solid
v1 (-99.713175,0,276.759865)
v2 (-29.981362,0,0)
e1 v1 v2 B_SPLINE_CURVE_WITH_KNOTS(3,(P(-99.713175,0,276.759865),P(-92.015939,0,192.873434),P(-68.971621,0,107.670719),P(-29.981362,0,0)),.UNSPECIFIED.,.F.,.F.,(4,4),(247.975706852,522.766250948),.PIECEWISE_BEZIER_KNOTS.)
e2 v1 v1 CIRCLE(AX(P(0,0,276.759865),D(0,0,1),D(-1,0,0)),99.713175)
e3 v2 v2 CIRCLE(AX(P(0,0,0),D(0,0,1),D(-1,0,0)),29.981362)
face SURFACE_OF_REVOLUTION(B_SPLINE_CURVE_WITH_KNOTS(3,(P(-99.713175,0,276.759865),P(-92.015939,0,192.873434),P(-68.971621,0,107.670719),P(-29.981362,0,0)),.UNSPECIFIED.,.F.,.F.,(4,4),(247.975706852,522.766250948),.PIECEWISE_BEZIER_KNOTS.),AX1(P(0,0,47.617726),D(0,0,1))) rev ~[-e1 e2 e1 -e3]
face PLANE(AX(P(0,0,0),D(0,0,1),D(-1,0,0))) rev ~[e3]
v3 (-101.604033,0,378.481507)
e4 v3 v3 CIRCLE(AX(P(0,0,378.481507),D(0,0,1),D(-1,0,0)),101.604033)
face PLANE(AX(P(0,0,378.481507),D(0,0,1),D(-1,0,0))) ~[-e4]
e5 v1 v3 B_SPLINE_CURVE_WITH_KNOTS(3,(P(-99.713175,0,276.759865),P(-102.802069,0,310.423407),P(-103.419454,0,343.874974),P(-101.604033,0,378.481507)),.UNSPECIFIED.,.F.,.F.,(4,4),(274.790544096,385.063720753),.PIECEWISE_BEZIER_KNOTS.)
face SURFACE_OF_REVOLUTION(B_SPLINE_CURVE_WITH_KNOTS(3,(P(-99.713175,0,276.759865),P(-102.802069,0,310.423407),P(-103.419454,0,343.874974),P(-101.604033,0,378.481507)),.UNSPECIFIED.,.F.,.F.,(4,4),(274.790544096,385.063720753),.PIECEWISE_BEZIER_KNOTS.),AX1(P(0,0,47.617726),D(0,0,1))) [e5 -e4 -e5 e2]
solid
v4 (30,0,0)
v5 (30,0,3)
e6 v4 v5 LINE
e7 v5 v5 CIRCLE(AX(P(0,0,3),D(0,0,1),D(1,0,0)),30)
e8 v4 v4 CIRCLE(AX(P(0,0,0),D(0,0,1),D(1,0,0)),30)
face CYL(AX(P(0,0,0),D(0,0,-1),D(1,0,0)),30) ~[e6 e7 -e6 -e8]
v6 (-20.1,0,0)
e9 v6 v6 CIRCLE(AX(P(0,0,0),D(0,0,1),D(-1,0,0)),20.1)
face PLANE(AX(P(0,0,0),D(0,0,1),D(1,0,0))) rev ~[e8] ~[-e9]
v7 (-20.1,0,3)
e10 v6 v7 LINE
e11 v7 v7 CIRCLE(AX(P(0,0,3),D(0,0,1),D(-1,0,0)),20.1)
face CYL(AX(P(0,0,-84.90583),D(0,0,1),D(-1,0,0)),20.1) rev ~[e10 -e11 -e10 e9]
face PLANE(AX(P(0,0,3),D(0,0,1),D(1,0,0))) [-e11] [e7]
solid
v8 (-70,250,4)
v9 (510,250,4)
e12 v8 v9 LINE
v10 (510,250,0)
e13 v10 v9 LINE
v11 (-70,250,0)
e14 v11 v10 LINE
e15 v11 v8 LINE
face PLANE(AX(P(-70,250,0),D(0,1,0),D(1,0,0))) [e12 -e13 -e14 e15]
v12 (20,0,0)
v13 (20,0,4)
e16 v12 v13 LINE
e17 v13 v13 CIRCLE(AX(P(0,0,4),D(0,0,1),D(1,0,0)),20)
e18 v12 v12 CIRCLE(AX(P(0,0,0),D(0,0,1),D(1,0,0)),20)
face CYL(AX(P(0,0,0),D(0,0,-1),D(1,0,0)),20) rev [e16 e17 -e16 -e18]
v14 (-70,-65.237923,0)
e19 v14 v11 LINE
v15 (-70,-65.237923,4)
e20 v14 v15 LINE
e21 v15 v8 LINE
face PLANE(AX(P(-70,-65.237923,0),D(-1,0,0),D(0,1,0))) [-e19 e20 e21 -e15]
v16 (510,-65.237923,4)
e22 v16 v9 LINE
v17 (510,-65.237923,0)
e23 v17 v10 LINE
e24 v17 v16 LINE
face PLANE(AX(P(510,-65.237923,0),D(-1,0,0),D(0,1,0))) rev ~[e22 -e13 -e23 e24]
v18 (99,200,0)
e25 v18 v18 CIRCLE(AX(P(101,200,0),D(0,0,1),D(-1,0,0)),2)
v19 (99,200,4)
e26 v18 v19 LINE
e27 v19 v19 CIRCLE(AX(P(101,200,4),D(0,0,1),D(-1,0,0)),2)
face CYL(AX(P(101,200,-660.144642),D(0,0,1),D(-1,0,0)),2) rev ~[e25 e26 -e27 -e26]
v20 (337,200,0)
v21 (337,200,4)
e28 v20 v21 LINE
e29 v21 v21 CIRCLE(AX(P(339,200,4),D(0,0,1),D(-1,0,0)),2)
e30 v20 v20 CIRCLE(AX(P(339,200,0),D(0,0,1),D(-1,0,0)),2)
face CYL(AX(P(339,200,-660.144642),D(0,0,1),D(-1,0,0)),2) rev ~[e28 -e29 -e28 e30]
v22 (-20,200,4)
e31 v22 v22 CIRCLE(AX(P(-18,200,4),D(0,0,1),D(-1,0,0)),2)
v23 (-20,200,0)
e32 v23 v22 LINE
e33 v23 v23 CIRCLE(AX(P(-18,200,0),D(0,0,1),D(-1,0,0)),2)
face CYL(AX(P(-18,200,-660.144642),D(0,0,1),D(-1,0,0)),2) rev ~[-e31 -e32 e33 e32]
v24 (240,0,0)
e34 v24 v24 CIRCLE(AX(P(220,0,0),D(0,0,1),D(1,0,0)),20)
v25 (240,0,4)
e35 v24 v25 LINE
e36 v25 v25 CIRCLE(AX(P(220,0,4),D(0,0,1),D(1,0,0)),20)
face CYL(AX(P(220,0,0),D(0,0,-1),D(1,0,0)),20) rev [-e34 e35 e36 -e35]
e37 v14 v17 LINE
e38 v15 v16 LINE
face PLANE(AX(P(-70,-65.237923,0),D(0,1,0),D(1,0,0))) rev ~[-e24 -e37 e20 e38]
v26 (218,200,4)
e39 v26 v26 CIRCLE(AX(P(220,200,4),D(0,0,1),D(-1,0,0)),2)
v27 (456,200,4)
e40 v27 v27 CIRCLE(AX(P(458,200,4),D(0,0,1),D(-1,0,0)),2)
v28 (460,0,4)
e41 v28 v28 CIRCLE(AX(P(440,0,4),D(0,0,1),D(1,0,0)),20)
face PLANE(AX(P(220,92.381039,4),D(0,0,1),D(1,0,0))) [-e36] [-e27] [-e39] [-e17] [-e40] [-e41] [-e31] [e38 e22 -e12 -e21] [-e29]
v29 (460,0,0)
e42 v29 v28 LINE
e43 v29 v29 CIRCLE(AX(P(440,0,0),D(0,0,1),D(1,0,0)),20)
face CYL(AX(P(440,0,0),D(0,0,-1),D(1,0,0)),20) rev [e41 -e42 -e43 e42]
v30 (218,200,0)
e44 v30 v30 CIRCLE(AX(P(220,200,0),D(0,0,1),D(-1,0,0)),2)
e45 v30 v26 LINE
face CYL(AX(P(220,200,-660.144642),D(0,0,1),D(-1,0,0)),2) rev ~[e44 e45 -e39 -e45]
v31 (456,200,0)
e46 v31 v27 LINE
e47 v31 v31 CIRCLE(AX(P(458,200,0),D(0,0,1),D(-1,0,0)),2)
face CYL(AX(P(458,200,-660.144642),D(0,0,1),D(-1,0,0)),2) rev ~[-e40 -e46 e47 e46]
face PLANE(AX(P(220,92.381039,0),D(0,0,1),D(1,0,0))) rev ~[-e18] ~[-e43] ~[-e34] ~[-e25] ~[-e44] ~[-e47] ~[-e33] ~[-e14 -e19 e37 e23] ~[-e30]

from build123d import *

# Parameters (mm, degrees)
F0_R     = 30
F1_DEPTH = 3
F2_D     = 40.2
F5_W     = 580
F5_H     = 315.2379229665
F5_R     = 20
F6_DEPTH = 4
F7_D     = 4


with BuildPart() as f1:
    # F0 (on Top) → F1 (new body)
    with BuildSketch(Plane.XY):
        Circle(F0_R)
    extrude(amount=F1_DEPTH)

    # F2 (through all)
    with Locations(Plane(origin=(0, 0, 0), x_dir=(1, 0, 0), z_dir=(0, 0, -1))):
        with Locations((0, 0)):
            Hole(F2_D / 2)


with BuildPart() as f4:
    # F3 (on Front) → F4 (revolve)
    with BuildSketch(Plane.XZ):
        with BuildLine():
            add(Edge.make_bspline(
                [(-29.9813615223, 0), (-65.166841091, 97.1639059309), (-87.3666357632, 176.0308412026), (-97.0208410554, 252.1449828859)],
                knots=[0, 0, 0, 0, 247.9757068516, 247.9757068516, 247.9757068516, 247.9757068516], degree=3))
            Line((-29.9813615223, 0), (-28.4487532996, 1.6315784674))
            add(Edge.make_bspline(
                [(-28.4487532996, 1.6315784674), (-32.9416470115, 13.910463026), (-45.8304254612, 49.3759050652), (-68.6339937566, 115.6015900483), (-86.5483860298, 187.1340520039), (-94.8531130281, 235.549180933), (-97.0208410554, 252.1449828859)],
                knots=[1.0127099516, 1.0127099516, 1.0127099516, 1.0127099516, 40.2546071756, 114.1937737582, 211.0358998816, 261.2115168109, 261.2115168109, 261.2115168109, 261.2115168109], degree=3))
        make_face()
        with BuildLine():
            Line((-28.4487532996, 1.6315784674), (-29.9813615223, 0))
            Line((-29.9813615223, 0), (0, 0))
            Line((0, 0), (0, 378.4815072975))
            Line((0, 378.4815072975), (-99.6012761731, 378.4815072975))
            Line((-99.6012761731, 378.4815072975), (-99.6275808964, 378.4815072975))
            add(Edge.make_bspline(
                [(-99.7131752316, 276.7598645232), (-100.1215578737, 281.4518790626), (-101.9058532426, 305.6792064189), (-101.8726660682, 339.6788212844), (-100.3129511913, 368.8706913738), (-99.6275808964, 378.4815072975)],
                knots=[285.9679856365, 285.9679856365, 285.9679856365, 285.9679856365, 300.097923122, 358.853407957, 387.7717150864, 387.7717150864, 387.7717150864, 387.7717150864], degree=3))
            add(Edge.make_bspline(
                [(-97.0208410554, 252.1449828859), (-98.0647979289, 260.3755807421), (-98.9620571629, 268.5739897303), (-99.7131752316, 276.7598645232)],
                knots=[247.9757068516, 247.9757068516, 247.9757068516, 247.9757068516, 274.7905440957, 274.7905440957, 274.7905440957, 274.7905440957], degree=3))
            add(Edge.make_bspline(
                [(-28.4487532996, 1.6315784674), (-32.9416470115, 13.910463026), (-45.8304254612, 49.3759050652), (-68.6339937566, 115.6015900483), (-86.5483860298, 187.1340520039), (-94.8531130281, 235.549180933), (-97.0208410554, 252.1449828859)],
                knots=[1.0127099516, 1.0127099516, 1.0127099516, 1.0127099516, 40.2546071756, 114.1937737582, 211.0358998816, 261.2115168109, 261.2115168109, 261.2115168109, 261.2115168109], degree=3))
        make_face()
        with BuildLine():
            add(Edge.make_bspline(
                [(-99.7131752316, 276.7598645232), (-102.8020686949, 310.4234071702), (-103.4194542381, 343.874974207), (-101.6040334854, 378.4815072975)],
                knots=[274.7905440957, 274.7905440957, 274.7905440957, 274.7905440957, 385.0637207528, 385.0637207528, 385.0637207528, 385.0637207528], degree=3))
            add(Edge.make_bspline(
                [(-99.7131752316, 276.7598645232), (-100.1215578737, 281.4518790626), (-101.9058532426, 305.6792064189), (-101.8726660682, 339.6788212844), (-100.3129511913, 368.8706913738), (-99.6275808964, 378.4815072975)],
                knots=[285.9679856365, 285.9679856365, 285.9679856365, 285.9679856365, 300.097923122, 358.853407957, 387.7717150864, 387.7717150864, 387.7717150864, 387.7717150864], degree=3))
            Line((-99.6275808964, 378.4815072975), (-101.6040334854, 378.4815072975))
        make_face()
    revolve(axis=Axis((0, 0, 47.617726028), (0, 0, 1)))


with BuildPart() as f6:
    # F5 (on Top) → F6 (new body)
    with BuildSketch(Plane.XY):
        with Locations((220, 92.3810385168)):
            Rectangle(F5_W, F5_H)
        Circle(F5_R, mode=Mode.SUBTRACT)
        with Locations((220, 0)):
            Circle(F5_R, mode=Mode.SUBTRACT)
        with Locations((440, 0)):
            Circle(F5_R, mode=Mode.SUBTRACT)
    extrude(amount=F6_DEPTH)

    # F7 (through all)
    with Locations(Plane(origin=(0, 0, 0), x_dir=(1, 0, 0), z_dir=(0, 0, -1))):
        with Locations((-18, -200), (101, -200), (220, -200), (339, -200), (458, -200)):
            Hole(F7_D / 2)


solid = Compound([f1.part, f4.part, f6.part])
